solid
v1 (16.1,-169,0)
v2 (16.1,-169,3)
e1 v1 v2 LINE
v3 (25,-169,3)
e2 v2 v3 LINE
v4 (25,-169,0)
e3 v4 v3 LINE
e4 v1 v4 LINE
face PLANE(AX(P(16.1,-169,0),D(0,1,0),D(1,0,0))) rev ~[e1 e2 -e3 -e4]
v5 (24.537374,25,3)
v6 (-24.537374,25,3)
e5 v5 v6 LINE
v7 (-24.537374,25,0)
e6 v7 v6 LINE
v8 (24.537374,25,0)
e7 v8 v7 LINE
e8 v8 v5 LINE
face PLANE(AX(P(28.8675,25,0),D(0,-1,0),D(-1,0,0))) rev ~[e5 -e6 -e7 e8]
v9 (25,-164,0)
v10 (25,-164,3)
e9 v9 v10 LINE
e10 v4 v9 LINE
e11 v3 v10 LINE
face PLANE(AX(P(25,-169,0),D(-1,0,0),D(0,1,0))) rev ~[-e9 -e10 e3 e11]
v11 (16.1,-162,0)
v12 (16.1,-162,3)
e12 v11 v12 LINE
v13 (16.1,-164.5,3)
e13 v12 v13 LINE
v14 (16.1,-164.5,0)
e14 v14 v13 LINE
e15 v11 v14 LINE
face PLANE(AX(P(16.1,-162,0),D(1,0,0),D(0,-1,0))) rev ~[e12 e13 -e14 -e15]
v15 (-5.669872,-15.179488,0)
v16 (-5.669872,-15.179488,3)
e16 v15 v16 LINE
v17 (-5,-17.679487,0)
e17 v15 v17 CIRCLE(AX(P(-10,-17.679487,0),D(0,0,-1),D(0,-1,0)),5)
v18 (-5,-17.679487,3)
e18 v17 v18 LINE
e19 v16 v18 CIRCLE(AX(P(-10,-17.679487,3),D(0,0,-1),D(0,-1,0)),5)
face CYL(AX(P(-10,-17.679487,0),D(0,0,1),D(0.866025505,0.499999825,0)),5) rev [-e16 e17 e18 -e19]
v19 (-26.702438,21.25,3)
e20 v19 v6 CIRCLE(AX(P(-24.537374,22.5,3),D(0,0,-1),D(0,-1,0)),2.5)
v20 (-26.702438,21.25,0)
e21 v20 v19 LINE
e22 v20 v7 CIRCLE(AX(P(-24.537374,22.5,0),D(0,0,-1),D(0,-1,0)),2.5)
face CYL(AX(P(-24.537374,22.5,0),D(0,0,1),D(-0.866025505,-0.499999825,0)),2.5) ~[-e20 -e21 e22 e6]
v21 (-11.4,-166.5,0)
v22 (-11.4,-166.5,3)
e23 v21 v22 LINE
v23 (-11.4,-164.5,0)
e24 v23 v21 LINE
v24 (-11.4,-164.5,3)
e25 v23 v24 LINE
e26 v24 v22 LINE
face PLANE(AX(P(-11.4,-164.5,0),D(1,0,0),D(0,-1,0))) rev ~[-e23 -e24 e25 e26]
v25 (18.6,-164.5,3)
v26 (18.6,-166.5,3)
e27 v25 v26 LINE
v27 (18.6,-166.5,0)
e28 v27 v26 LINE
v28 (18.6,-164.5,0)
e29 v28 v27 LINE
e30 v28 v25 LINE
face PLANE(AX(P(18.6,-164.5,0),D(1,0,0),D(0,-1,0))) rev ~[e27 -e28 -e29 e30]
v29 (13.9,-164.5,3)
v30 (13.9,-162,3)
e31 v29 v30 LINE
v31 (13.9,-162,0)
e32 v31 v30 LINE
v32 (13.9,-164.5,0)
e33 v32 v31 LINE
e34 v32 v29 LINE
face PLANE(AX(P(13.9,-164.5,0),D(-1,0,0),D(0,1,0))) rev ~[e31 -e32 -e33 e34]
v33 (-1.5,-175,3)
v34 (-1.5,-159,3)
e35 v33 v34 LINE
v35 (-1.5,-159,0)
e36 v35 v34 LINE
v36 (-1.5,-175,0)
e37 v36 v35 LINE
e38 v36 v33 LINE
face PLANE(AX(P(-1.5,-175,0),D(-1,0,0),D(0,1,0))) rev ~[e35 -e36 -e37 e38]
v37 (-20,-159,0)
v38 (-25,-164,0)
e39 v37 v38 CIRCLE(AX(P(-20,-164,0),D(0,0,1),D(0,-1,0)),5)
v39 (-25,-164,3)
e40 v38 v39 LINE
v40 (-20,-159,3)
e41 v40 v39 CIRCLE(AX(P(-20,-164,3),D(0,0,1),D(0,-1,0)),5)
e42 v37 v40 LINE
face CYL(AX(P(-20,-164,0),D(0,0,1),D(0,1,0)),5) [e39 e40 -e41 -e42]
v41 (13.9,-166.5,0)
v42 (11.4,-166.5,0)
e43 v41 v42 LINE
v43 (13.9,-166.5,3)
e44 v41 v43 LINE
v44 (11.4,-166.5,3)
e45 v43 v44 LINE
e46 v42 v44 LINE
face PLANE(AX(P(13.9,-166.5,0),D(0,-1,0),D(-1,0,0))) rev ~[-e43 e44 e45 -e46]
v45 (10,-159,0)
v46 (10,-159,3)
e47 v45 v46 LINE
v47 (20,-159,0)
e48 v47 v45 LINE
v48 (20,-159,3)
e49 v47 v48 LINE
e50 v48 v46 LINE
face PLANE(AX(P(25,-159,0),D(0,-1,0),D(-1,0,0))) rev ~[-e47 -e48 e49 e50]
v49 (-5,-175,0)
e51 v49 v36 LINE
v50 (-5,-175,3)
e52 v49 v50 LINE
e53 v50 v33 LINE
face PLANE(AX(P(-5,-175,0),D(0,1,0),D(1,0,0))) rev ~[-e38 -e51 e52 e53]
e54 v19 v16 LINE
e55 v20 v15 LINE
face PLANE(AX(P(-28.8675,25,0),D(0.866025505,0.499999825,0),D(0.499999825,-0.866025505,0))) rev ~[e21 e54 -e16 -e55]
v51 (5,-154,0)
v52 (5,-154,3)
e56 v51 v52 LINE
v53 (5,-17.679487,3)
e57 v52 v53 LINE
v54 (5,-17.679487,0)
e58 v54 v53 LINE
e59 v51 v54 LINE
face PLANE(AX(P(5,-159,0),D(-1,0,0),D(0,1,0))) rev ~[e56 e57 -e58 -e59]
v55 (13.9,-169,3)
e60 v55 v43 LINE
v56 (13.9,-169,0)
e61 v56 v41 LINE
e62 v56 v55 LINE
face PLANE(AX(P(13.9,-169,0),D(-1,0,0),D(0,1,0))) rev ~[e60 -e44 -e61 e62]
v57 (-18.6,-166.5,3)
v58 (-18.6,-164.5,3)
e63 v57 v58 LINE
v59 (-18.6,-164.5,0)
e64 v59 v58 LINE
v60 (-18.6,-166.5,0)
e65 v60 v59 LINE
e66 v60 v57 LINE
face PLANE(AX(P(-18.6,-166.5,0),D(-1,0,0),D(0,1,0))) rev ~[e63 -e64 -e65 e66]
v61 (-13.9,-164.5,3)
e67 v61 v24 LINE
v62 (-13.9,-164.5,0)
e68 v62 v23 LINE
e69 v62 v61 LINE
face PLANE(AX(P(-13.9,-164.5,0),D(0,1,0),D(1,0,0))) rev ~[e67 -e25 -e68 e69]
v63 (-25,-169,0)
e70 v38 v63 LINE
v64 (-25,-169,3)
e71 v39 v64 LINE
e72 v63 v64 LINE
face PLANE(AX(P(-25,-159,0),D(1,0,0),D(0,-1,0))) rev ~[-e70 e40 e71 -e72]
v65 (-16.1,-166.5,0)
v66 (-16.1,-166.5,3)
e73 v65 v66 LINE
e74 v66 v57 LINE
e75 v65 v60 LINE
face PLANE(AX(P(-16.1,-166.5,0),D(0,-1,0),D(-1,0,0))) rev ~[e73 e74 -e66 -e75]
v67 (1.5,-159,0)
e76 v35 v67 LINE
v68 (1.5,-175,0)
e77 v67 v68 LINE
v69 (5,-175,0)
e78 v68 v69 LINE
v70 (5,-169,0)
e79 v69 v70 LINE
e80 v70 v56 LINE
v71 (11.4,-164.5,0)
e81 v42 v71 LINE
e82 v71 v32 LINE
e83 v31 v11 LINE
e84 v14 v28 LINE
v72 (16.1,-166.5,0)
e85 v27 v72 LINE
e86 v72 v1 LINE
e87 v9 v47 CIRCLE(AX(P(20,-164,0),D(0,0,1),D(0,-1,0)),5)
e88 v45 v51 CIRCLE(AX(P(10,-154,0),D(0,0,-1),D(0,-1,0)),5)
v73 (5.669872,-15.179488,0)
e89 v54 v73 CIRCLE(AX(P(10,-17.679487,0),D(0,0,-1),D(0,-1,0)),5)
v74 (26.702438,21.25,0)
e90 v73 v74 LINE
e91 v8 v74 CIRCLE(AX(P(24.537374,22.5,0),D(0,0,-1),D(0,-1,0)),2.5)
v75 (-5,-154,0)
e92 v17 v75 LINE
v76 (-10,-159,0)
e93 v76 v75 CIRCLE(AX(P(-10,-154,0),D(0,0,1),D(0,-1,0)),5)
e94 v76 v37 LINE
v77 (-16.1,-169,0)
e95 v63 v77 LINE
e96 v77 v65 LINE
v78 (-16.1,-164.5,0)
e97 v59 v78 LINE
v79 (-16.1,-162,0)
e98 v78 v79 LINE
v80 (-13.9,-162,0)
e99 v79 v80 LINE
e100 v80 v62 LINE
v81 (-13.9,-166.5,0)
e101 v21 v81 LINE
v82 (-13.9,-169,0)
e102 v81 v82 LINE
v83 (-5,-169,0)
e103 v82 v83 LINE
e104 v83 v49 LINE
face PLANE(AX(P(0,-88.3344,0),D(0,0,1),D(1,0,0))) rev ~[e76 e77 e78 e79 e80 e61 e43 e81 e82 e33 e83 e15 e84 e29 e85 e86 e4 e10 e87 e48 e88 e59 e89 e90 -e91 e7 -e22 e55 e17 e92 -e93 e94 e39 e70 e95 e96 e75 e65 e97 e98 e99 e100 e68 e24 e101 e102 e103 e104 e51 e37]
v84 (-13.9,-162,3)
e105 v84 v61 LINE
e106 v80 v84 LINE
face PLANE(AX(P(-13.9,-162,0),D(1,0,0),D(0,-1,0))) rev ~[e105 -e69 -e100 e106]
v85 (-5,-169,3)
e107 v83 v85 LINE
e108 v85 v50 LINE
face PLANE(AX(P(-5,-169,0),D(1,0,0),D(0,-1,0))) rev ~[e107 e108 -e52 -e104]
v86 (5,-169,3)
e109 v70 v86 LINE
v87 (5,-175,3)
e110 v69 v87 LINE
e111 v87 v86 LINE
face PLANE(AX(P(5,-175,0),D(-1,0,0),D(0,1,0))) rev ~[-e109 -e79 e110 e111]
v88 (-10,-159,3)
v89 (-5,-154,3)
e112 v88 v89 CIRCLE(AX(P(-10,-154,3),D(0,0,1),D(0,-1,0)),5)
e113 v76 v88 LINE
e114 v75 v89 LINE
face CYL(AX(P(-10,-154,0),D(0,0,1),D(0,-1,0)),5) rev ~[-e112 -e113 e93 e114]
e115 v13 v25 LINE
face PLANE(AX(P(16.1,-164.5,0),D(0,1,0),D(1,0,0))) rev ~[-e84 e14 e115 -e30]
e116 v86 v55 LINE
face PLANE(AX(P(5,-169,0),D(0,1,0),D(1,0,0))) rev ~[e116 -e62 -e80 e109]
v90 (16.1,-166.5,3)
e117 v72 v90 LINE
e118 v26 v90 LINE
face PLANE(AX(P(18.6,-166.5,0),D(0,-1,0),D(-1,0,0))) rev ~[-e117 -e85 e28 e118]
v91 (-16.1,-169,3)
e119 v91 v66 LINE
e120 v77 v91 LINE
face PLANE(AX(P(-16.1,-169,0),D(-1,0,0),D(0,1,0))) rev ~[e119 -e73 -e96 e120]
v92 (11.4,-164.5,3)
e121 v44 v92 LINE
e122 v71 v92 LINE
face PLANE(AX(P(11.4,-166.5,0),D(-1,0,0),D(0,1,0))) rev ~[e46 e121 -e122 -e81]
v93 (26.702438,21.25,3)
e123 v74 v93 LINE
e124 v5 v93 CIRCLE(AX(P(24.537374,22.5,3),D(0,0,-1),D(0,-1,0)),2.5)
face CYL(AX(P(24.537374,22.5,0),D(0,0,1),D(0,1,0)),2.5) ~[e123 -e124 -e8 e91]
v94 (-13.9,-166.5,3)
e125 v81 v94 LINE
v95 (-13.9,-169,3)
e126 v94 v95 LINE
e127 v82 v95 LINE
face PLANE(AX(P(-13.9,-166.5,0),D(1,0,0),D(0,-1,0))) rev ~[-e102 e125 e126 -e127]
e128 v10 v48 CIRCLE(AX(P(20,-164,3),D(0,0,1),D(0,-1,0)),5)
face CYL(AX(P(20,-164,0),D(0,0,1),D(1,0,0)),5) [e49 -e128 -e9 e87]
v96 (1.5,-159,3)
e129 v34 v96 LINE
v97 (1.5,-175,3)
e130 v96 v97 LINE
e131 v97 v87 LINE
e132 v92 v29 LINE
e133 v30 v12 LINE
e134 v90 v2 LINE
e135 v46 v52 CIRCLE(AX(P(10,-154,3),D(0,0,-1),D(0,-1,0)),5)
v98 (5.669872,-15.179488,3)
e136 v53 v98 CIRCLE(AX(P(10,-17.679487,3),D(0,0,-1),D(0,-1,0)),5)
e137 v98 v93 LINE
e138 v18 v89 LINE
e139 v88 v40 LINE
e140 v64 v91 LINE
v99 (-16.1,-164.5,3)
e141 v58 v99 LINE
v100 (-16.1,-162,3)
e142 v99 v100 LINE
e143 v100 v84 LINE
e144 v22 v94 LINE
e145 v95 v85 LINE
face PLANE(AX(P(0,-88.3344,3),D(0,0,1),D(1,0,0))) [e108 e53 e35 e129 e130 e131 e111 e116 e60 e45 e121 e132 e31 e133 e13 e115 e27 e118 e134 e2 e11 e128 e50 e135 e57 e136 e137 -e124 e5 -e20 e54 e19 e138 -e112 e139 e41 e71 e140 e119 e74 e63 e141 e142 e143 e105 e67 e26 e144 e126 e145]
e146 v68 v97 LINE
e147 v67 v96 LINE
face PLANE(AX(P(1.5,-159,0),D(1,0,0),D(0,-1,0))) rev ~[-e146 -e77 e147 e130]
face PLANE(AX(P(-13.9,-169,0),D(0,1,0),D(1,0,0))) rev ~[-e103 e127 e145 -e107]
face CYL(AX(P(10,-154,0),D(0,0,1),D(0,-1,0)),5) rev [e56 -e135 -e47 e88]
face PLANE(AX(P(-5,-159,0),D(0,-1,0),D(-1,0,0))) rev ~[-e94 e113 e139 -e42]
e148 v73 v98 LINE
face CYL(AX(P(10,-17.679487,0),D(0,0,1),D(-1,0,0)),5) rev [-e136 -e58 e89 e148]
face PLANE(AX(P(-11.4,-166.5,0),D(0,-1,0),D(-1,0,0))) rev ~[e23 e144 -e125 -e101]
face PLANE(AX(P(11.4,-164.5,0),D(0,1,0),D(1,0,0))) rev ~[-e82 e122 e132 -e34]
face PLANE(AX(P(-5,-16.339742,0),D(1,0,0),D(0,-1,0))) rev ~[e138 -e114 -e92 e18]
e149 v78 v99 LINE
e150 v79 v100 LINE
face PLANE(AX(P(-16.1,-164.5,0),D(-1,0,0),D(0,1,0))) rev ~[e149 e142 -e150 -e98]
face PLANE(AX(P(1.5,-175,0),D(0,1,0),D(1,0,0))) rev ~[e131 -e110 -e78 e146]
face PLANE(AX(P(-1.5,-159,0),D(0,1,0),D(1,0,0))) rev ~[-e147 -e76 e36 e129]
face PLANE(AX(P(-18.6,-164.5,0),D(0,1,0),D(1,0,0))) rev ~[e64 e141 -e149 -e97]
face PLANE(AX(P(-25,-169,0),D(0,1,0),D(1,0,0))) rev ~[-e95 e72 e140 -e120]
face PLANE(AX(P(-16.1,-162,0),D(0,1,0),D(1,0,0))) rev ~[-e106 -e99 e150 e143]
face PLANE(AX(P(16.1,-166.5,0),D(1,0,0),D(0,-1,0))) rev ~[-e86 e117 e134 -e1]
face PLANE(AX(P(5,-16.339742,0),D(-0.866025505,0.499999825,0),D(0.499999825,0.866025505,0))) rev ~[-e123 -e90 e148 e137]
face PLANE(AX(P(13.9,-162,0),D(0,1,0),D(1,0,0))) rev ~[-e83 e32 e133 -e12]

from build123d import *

# Parameters (mm, degrees)
BOSS_EXTRUDE1_DEPTH = 3
FILLET1_R           = 5
FILLET2_R           = 2.5


with BuildPart() as part:
    # Sketch1 → Boss-Extrude1 (new body)
    with BuildSketch(Plane.XY):
        Polygon((-5, -25), (-5, -159), (-25, -159), (-25, -169), (-16.1, -169), (-16.1, -166.5), (-18.6, -166.5), (-18.6, -164.5), (-16.1, -164.5), (-16.1, -162), (-13.9, -162), (-13.9, -164.5), (-11.4, -164.5), (-11.4, -166.5), (-13.9, -166.5), (-13.9, -169), (-5, -169), (-5, -175), (-1.5, -175), (-1.5, -159), (1.5, -159), (1.5, -175), (5, -175), (5, -169), (13.9, -169), (13.9, -166.5), (11.4, -166.5), (11.4, -164.5), (13.9, -164.5), (13.9, -162), (16.1, -162), (16.1, -164.5), (18.6, -164.5), (18.6, -166.5), (16.1, -166.5), (16.1, -169), (25, -169), (25, -159), (5, -159), (5, -25), (5, -16.339741924), (28.8675, 25), (0, 25), (-28.8675, 25), (-5, -16.339741924), align=None)
    extrude(amount=BOSS_EXTRUDE1_DEPTH)

    # Fillet1
    fillet1_edges = [part.edges().sort_by_distance(p)[0] for p in [
        (-5, -16.339741924, 1.5),
        (5, -16.339741924, 1.5),
        (5, -159, 1.5),
        (25, -159, 1.5),
        (-25, -159, 1.5),
        (-5, -159, 1.5),
    ]]
    fillet(fillet1_edges, radius=FILLET1_R)

    # Fillet2
    fillet2_edges = [part.edges().sort_by_distance(p)[0] for p in [
        (-28.8675, 25, 1.5),
        (28.8675, 25, 1.5),
    ]]
    fillet(fillet2_edges, radius=FILLET2_R)


solid = part.part
